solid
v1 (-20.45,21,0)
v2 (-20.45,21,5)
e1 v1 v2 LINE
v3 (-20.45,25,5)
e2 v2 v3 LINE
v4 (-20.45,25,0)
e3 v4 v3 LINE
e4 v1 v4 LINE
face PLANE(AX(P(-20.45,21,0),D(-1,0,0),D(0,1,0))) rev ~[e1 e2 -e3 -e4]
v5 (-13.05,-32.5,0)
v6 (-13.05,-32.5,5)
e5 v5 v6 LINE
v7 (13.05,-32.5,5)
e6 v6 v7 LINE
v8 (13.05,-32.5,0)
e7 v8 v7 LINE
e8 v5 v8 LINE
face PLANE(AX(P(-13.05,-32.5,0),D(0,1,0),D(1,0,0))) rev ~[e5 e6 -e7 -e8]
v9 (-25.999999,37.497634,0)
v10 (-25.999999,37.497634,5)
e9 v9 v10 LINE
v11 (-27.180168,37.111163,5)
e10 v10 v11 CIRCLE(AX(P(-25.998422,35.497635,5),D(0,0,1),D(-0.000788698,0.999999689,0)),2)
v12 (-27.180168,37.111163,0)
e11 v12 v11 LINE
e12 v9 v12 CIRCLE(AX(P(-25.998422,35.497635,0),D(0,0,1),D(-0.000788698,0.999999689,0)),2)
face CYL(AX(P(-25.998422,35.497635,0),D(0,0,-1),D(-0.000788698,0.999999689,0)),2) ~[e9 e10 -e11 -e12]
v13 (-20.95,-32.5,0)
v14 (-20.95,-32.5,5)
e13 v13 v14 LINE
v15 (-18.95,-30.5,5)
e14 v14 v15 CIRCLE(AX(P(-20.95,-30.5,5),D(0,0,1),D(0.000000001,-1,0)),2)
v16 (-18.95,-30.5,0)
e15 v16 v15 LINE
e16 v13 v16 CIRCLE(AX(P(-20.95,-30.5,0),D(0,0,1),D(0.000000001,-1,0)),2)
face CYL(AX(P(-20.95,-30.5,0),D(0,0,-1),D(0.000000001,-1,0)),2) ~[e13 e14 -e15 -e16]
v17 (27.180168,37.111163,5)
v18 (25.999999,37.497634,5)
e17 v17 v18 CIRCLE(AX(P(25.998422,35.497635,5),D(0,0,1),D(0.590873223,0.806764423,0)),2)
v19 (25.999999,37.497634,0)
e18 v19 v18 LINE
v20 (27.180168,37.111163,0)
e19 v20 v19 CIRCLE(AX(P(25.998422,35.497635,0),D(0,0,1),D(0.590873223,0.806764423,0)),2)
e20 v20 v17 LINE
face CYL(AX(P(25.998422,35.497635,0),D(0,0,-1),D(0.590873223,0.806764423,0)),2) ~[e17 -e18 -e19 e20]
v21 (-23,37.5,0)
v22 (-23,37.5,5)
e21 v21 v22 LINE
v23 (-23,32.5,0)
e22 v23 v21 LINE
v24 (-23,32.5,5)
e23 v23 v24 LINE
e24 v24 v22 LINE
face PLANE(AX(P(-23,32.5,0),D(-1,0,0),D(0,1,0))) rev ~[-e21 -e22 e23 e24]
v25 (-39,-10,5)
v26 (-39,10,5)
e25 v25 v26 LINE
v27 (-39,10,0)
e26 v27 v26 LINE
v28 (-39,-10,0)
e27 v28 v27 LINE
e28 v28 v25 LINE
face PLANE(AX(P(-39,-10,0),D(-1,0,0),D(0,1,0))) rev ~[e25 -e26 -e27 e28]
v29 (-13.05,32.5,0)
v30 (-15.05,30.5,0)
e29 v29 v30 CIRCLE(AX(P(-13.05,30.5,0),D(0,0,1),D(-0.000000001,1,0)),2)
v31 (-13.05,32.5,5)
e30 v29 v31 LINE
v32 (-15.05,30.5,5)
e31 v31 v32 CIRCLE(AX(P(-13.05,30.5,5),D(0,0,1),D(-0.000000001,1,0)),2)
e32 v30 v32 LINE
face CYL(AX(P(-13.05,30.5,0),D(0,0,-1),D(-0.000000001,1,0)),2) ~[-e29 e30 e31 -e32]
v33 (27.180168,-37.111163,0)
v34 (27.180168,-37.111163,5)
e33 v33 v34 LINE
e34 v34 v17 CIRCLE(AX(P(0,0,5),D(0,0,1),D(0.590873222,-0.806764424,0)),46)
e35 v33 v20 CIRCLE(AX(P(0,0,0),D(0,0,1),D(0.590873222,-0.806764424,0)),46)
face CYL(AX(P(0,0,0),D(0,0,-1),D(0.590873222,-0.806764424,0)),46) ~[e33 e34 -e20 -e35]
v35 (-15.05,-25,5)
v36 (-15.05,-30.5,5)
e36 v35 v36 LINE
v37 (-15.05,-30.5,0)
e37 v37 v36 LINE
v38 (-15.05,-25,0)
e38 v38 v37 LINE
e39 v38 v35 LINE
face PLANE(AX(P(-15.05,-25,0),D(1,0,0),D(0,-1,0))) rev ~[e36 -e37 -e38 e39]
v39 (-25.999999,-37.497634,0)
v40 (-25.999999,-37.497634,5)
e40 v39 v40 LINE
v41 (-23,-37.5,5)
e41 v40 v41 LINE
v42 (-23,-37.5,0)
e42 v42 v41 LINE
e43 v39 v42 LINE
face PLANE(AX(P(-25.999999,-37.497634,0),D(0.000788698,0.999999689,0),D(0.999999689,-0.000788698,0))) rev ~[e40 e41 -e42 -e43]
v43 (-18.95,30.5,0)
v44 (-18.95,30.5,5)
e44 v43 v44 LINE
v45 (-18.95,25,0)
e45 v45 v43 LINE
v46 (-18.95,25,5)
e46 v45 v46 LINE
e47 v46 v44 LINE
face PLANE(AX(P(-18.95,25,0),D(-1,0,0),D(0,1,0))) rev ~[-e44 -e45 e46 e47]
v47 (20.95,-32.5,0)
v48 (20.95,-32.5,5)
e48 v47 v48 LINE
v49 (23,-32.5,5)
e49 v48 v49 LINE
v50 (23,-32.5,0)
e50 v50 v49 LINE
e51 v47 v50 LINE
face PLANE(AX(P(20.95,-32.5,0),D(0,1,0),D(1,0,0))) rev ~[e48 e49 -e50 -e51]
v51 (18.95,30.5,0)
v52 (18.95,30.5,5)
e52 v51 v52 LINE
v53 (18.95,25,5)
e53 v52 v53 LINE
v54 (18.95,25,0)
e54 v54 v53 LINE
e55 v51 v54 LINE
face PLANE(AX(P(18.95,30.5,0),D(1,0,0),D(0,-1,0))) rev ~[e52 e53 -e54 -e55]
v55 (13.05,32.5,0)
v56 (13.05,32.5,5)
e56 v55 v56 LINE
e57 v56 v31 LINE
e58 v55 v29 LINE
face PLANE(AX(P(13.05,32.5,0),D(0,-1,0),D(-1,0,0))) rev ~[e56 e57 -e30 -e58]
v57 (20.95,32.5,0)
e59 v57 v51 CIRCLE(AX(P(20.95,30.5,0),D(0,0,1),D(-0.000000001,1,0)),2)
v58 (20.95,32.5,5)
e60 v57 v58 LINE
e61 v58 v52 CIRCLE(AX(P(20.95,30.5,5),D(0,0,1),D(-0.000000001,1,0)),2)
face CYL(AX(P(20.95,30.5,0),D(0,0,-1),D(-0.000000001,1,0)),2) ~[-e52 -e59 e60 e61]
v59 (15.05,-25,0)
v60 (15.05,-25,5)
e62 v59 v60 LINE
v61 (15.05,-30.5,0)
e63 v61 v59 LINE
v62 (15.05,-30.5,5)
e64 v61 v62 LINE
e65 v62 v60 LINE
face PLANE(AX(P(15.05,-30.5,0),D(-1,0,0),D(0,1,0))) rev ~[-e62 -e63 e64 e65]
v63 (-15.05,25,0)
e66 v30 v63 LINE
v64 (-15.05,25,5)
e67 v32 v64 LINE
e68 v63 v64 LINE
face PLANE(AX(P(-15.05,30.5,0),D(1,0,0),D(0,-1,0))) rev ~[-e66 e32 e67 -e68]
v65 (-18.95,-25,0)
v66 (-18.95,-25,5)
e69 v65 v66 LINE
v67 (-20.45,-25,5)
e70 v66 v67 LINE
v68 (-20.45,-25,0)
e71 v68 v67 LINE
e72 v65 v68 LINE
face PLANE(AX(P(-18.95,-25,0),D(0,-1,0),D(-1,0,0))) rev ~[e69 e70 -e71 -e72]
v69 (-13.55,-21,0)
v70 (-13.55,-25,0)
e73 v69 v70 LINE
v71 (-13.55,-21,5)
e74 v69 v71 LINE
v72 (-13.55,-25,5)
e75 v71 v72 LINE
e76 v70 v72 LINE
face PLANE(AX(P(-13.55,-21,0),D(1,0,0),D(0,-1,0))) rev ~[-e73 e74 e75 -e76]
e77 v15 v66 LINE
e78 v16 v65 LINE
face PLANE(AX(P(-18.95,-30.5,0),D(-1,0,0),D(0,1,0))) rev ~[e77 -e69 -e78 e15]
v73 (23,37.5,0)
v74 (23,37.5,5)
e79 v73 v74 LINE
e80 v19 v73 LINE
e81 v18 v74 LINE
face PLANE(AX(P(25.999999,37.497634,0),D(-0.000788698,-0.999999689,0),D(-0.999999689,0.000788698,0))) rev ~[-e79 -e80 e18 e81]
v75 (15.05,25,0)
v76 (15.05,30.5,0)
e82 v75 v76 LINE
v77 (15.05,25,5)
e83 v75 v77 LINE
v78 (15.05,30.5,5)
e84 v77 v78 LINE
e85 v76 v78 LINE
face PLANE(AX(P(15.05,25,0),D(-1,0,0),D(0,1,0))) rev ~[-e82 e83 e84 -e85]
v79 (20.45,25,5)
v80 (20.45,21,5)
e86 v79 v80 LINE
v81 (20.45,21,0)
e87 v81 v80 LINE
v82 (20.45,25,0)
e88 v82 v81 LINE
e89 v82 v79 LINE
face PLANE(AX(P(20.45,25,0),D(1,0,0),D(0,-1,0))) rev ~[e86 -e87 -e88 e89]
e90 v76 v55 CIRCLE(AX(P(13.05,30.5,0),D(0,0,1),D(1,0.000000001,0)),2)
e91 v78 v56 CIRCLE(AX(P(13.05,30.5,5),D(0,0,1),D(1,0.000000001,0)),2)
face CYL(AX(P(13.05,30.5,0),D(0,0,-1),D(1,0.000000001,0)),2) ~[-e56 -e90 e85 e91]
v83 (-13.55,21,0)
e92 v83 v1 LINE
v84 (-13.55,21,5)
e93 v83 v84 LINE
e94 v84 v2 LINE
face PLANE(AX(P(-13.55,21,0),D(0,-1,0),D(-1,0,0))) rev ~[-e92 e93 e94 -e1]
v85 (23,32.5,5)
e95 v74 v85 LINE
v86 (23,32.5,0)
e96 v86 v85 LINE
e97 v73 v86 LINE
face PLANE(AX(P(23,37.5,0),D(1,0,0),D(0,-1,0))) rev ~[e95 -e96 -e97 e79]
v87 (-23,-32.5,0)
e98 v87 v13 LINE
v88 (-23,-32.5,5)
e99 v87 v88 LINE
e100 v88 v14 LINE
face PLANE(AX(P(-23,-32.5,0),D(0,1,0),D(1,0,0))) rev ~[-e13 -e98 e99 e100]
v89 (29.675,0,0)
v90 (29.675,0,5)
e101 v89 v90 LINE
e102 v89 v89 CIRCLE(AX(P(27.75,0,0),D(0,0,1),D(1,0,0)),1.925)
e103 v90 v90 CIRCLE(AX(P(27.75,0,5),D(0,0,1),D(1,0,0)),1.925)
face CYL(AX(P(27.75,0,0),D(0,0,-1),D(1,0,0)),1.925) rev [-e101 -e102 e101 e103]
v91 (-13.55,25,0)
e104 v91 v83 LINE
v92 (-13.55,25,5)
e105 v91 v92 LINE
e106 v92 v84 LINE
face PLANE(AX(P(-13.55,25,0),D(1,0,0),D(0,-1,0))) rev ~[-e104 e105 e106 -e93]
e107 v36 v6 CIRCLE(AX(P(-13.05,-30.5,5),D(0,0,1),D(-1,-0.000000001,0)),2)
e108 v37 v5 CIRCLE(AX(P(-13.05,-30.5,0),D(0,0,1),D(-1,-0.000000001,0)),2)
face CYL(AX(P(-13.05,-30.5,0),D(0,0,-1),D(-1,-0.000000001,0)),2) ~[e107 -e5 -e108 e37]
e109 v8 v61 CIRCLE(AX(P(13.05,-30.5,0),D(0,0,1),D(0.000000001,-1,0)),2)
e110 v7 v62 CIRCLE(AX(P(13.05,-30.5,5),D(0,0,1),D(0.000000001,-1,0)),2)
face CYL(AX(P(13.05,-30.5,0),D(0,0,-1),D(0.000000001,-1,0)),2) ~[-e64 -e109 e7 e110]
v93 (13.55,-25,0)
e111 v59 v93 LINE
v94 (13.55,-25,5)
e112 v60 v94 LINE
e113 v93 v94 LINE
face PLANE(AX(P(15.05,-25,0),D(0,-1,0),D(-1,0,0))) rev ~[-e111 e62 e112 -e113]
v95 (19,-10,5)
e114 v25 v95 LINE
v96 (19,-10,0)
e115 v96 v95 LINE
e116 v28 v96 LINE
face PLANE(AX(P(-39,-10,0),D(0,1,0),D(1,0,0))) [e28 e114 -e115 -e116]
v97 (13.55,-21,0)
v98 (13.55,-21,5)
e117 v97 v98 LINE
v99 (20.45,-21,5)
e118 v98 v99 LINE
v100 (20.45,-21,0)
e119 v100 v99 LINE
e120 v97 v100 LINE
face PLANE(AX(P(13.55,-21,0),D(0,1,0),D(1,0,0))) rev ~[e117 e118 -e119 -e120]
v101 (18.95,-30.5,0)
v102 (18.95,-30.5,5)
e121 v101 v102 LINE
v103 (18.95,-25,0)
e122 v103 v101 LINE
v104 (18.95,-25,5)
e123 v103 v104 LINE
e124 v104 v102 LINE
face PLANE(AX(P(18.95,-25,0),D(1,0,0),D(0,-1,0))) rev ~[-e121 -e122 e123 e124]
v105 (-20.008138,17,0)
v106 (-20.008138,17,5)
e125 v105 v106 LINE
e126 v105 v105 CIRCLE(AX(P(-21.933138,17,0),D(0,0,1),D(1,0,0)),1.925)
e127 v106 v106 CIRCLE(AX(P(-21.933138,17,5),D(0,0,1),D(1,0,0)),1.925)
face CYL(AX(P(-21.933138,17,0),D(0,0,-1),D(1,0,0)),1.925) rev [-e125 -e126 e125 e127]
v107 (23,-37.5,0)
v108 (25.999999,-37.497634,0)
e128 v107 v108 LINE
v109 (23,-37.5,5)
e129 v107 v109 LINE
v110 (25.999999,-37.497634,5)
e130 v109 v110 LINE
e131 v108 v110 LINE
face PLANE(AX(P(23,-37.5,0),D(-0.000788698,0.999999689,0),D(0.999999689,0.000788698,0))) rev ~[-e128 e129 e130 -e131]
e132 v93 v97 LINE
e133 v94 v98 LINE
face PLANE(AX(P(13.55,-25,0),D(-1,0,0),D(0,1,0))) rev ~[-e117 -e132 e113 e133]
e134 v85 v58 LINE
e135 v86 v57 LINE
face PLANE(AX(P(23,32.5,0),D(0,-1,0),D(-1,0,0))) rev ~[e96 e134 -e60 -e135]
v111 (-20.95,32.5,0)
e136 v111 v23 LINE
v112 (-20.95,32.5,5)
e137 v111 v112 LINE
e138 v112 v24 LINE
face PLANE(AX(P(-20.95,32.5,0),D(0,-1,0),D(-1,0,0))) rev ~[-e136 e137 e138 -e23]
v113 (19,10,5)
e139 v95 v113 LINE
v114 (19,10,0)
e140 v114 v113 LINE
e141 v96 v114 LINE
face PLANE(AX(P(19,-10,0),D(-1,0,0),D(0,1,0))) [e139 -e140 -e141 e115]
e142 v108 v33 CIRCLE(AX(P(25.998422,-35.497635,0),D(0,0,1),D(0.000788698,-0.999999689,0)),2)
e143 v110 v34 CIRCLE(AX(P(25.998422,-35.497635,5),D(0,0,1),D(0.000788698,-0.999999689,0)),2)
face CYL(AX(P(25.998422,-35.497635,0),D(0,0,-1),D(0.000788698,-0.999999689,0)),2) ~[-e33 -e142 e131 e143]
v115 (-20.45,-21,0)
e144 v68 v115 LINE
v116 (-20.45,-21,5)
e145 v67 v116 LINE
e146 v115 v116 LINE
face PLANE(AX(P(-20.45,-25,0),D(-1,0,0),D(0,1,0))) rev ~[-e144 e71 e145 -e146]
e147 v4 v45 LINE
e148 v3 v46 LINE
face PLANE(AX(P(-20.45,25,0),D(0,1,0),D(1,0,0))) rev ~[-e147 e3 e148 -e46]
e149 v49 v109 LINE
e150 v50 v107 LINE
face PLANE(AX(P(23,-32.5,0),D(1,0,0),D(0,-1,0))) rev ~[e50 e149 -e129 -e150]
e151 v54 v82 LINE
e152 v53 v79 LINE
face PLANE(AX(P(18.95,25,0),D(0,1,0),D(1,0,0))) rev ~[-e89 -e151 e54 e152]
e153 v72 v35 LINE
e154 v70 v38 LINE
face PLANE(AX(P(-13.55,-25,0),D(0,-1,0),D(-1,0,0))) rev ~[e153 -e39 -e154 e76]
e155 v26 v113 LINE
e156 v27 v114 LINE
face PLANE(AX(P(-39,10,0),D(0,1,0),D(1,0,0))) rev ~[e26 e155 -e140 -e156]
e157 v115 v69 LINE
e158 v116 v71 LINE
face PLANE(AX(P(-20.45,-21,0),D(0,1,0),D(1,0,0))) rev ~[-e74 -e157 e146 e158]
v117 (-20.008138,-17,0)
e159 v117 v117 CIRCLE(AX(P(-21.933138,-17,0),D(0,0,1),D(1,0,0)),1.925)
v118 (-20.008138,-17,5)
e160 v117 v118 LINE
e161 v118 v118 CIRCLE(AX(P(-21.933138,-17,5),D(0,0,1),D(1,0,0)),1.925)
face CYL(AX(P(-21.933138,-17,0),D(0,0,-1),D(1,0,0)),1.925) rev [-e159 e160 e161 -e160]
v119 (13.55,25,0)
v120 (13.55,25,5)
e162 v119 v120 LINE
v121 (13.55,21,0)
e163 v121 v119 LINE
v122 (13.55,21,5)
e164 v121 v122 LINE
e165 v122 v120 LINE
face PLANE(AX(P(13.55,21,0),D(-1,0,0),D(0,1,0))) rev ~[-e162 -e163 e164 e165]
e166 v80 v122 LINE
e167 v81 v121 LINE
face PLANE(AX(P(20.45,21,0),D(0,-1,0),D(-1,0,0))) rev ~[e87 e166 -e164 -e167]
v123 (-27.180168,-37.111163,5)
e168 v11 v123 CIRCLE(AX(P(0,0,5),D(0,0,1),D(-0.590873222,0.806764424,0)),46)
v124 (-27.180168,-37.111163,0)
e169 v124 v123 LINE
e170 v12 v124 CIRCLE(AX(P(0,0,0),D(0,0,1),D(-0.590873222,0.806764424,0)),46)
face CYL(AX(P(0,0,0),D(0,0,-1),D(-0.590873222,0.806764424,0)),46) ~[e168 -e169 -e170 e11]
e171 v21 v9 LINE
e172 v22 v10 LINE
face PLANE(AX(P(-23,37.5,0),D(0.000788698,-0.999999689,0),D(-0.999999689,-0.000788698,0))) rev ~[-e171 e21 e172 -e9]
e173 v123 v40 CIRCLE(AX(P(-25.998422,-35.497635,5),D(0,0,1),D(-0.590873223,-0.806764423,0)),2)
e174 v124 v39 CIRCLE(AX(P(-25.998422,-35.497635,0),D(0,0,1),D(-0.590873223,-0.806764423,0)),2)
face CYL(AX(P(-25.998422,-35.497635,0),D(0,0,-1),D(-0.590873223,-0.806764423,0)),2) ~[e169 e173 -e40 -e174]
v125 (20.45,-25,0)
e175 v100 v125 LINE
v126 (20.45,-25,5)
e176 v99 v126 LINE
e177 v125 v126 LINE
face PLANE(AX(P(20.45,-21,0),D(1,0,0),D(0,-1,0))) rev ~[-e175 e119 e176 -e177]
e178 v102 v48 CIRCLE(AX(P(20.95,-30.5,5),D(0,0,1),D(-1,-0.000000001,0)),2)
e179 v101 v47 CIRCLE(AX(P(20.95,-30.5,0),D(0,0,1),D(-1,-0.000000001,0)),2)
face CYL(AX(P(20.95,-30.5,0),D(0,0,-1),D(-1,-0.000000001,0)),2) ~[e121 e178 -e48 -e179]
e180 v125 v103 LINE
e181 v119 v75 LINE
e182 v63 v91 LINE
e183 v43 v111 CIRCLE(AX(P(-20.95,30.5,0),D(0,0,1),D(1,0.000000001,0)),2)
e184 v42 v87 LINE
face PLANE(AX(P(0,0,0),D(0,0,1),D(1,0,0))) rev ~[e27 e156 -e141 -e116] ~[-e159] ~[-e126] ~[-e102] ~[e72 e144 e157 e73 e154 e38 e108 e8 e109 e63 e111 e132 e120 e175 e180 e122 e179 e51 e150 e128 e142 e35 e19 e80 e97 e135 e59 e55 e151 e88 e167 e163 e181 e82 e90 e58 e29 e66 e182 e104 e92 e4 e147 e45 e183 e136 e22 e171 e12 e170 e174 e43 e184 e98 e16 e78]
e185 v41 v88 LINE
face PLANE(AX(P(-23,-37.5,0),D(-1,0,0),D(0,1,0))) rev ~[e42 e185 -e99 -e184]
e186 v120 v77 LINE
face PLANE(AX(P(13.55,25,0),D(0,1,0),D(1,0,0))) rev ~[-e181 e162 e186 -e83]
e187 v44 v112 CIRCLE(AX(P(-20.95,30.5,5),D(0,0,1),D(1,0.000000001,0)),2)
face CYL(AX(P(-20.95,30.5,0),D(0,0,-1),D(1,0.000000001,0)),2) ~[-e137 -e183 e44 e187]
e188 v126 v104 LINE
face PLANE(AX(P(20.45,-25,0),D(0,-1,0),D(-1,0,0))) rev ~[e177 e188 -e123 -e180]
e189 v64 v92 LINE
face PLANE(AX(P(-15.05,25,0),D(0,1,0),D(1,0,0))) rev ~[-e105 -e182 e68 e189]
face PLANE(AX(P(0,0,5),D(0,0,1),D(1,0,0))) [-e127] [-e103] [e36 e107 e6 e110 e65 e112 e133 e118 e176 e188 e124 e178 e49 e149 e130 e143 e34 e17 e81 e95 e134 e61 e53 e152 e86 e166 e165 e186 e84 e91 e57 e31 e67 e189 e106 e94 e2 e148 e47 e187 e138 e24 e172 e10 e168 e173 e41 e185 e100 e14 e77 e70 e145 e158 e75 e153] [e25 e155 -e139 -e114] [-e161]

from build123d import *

# Parameters (mm, degrees)
ESQUISSE1_R        = 1.925
ESQUISSE1_W        = 58
ESQUISSE1_H        = 20
BOSS_EXTRU_1_DEPTH = 5


with BuildPart() as part:
    # Esquisse1 → Boss.-Extru.1 (new body)
    with BuildSketch(Plane.XY):
        with BuildLine():
            Line((13.05, 32.5), (-13.05, 32.5))
            ThreePointArc((-13.05, 32.5), (-14.464213562, 31.914213562), (-15.05, 30.5))
            Line((-15.05, 30.5), (-15.05, 25))
            Line((-15.05, 25), (-13.55, 25))
            Line((-13.55, 25), (-13.55, 21))
            Line((-13.55, 21), (-20.45, 21))
            Line((-20.45, 21), (-20.45, 25))
            Line((-20.45, 25), (-18.95, 25))
            Line((-18.95, 25), (-18.95, 30.5))
            ThreePointArc((-18.95, 30.5), (-19.535786438, 31.914213562), (-20.95, 32.5))
            Line((-20.95, 32.5), (-23, 32.5))
            Line((-23, 32.5), (-23, 37.5))
            Line((-23, 37.5), (-25.999999067, 37.497633905))
            ThreePointArc((-25.999999067, 37.497633905), (-26.620839292, 37.398317642), (-27.180168114, 37.111163374))
            ThreePointArc((-27.180168114, 37.111163374), (-45.999999844, 0), (-27.180168114, -37.111163374))
            ThreePointArc((-27.180168114, -37.111163374), (-26.620839292, -37.398317642), (-25.999999067, -37.497633905))
            Line((-25.999999067, -37.497633905), (-23, -37.5))
            Line((-23, -37.5), (-23, -32.5))
            Line((-23, -32.5), (-20.95, -32.5))
            ThreePointArc((-20.95, -32.5), (-19.535786438, -31.914213562), (-18.95, -30.5))
            Line((-18.95, -30.5), (-18.95, -25))
            Line((-18.95, -25), (-20.45, -25))
            Line((-20.45, -25), (-20.45, -21))
            Line((-20.45, -21), (-13.55, -21))
            Line((-13.55, -21), (-13.55, -25))
            Line((-13.55, -25), (-15.05, -25))
            Line((-15.05, -25), (-15.05, -30.5))
            ThreePointArc((-15.05, -30.5), (-14.464213562, -31.914213562), (-13.05, -32.5))
            Line((-13.05, -32.5), (13.05, -32.5))
            ThreePointArc((13.05, -32.5), (14.464213562, -31.914213562), (15.05, -30.5))
            Line((15.05, -30.5), (15.05, -25))
            Line((15.05, -25), (13.55, -25))
            Line((13.55, -25), (13.55, -21))
            Line((13.55, -21), (20.45, -21))
            Line((20.45, -21), (20.45, -25))
            Line((20.45, -25), (18.95, -25))
            Line((18.95, -25), (18.95, -30.5))
            ThreePointArc((18.95, -30.5), (19.535786438, -31.914213562), (20.95, -32.5))
            Line((20.95, -32.5), (23, -32.5))
            Line((23, -32.5), (23, -37.5))
            Line((23, -37.5), (25.999999067, -37.497633905))
            ThreePointArc((25.999999067, -37.497633905), (26.620839292, -37.398317642), (27.180168114, -37.111163374))
            ThreePointArc((27.180168114, -37.111163374), (45.999999844, 0), (27.180168114, 37.111163374))
            ThreePointArc((27.180168114, 37.111163374), (26.620839292, 37.398317642), (25.999999067, 37.497633905))
            Line((25.999999067, 37.497633905), (23, 37.5))
            Line((23, 37.5), (23, 32.5))
            Line((23, 32.5), (20.95, 32.5))
            ThreePointArc((20.95, 32.5), (19.535786438, 31.914213562), (18.95, 30.5))
            Line((18.95, 30.5), (18.95, 25))
            Line((18.95, 25), (20.45, 25))
            Line((20.45, 25), (20.45, 21))
            Line((20.45, 21), (13.55, 21))
            Line((13.55, 21), (13.55, 25))
            Line((13.55, 25), (15.05, 25))
            Line((15.05, 25), (15.05, 30.5))
            ThreePointArc((15.05, 30.5), (14.464213562, 31.914213562), (13.05, 32.5))
        make_face()
        with Locations((27.75, 0)):
            Circle(ESQUISSE1_R, mode=Mode.SUBTRACT)
        with Locations((-21.933137835, -17)):
            Circle(ESQUISSE1_R, mode=Mode.SUBTRACT)
        with Locations((-21.933137835, 17)):
            Circle(ESQUISSE1_R, mode=Mode.SUBTRACT)
        with Locations((-10, 0)):
            Rectangle(ESQUISSE1_W, ESQUISSE1_H, mode=Mode.SUBTRACT)
    extrude(amount=BOSS_EXTRU_1_DEPTH)


solid = part.part
